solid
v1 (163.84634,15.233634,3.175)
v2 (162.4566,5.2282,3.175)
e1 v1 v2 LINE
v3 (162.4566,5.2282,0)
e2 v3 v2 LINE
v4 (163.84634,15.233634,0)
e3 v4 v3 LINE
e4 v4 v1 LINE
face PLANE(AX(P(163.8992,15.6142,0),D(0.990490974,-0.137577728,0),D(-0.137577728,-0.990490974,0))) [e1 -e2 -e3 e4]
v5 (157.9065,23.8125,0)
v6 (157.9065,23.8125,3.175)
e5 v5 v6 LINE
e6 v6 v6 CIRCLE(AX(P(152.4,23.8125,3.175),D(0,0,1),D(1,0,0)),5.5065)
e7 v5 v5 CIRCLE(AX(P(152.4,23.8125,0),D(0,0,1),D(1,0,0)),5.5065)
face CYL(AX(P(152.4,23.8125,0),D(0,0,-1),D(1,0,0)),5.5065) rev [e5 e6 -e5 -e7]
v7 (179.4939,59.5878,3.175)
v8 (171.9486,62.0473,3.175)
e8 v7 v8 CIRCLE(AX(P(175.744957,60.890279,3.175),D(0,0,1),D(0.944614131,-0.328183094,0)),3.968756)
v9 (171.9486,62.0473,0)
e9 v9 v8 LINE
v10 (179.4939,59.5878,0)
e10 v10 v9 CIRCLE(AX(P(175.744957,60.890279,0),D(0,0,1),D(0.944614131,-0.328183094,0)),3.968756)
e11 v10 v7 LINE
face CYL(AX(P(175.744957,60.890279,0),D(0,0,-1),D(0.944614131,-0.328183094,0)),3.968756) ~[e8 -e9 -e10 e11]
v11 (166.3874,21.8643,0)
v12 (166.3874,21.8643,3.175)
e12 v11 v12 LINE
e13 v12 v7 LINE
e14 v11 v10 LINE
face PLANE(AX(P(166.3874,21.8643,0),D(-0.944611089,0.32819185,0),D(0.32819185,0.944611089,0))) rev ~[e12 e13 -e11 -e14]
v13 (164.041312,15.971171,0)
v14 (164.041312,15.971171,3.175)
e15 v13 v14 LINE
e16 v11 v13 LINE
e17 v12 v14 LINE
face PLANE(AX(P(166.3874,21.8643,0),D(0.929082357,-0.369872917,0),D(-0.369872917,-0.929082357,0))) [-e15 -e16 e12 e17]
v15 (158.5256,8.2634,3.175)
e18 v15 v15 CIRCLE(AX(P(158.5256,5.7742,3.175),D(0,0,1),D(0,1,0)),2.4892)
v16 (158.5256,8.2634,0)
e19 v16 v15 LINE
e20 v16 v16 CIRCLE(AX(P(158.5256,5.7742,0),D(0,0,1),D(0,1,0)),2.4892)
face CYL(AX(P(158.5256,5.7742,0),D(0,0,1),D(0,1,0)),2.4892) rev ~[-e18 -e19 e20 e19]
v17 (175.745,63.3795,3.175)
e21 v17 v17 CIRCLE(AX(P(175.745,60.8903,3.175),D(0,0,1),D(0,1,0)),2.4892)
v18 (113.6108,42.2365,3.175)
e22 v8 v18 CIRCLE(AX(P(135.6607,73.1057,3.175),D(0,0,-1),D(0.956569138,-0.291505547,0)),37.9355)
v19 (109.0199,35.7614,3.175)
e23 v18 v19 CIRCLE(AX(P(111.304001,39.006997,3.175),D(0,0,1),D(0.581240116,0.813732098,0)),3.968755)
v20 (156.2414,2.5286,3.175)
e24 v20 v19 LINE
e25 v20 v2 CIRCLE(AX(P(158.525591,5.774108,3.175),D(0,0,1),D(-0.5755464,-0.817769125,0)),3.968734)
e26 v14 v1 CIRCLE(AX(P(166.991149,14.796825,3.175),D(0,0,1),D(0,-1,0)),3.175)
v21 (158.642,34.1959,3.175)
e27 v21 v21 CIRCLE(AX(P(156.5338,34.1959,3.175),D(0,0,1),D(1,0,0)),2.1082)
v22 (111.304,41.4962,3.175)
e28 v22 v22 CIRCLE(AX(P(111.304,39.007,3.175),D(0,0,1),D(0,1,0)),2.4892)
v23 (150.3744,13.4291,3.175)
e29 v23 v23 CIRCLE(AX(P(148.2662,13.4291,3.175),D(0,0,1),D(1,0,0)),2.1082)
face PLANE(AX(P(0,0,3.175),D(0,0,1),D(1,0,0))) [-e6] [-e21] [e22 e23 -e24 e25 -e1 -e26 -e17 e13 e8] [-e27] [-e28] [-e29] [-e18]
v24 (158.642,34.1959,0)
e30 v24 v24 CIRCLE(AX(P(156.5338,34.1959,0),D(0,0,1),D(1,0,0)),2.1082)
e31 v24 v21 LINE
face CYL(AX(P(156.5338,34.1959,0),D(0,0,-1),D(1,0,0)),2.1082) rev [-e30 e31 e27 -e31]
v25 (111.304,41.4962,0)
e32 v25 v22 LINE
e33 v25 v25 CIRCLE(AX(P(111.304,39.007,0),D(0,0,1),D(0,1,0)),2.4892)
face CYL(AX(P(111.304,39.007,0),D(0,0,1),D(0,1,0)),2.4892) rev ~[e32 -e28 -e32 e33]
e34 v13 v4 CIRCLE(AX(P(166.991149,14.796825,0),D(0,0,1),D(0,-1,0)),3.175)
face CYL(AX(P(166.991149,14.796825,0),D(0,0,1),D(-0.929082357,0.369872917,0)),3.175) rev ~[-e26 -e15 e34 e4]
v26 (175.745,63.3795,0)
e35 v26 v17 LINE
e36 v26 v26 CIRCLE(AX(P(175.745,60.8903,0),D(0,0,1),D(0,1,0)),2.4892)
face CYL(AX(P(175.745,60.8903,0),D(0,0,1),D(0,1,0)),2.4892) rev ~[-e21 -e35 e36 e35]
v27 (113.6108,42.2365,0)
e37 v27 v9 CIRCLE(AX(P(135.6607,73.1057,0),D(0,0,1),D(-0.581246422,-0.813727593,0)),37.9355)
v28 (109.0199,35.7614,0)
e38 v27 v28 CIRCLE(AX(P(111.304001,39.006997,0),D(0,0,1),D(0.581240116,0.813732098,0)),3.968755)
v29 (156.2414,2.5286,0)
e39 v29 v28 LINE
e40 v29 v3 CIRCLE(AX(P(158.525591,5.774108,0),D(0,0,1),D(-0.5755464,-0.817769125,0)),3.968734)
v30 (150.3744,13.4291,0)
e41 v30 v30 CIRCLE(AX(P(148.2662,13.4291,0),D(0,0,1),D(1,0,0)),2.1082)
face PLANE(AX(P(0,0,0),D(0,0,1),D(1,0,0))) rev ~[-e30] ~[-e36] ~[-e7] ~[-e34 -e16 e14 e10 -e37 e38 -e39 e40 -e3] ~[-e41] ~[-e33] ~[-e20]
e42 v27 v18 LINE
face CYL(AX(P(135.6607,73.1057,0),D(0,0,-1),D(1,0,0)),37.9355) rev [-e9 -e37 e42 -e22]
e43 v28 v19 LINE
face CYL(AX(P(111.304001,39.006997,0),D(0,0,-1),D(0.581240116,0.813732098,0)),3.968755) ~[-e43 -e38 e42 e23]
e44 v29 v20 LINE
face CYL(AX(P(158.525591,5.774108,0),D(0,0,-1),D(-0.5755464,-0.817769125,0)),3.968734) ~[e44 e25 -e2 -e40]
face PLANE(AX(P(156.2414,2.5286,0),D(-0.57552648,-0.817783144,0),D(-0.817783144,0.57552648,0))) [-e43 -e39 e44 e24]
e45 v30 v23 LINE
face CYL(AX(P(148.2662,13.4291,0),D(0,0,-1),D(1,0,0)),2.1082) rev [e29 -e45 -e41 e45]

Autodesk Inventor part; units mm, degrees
ref_plane "YZ Plane" through (0, 0, 0) normal (1, 0, 0) x (0, 1, 0)
ref_plane "XZ Plane" through (0, 0, 0) normal (0, 1, 0) x (-1, 0, 0)
ref_plane "XY Plane" through (0, 0, 0) normal (0, 0, 1) x (1, 0, 0)
sketch "Sketch1" plane through (0, 0, 0) normal (0, 0, 1) x (1, 0, 0)
  line L0 (0, 0) -> (304.8, 0) construction
  line L1 (304.8, 0) -> (304.8, 50.8) construction
  line L2 (304.8, 50.8) -> (0, 50.8) construction
  line L3 (0, 50.8) -> (0, 0) construction
  circle A0 centre (152.4, 23.8125) radius 6.35 construction
  circle A1 centre (152.4, 23.8125) radius 34.29 construction
  circle A2 centre (152.4, 23.8125) radius 22.225 construction
  line L4 (152.4, 23.8125) -> (139.52, 61.741) construction
  circle A3 centre (139.52, 61.741) radius 9.525 construction
  circle A4 centre (139.52, 61.741) radius 17.78 construction
  circle A5 centre (91.5619, 85.09) radius 31.75 construction
  circle A6 centre (163.3424, 109.4657) radius 31.75 construction
  line L5 (0, 50.8) -> (0, 53.34) construction
  line L6 (0, 53.34) -> (304.8, 53.34) construction
  line L7 (304.8, 53.34) -> (304.8, 50.8) construction
  circle A7 centre (139.52, 61.741) radius 21.59 construction
  circle A8 centre (152.4, 23.8125) radius 46.99 construction
  circle A9 centre (152.4, 23.8125) radius 50.8 construction
  arc A10 (86.3865, 79.4564) -> (92.4363, 92.6899) centre (91.5619, 85.09) ccw construction
  circle A11 centre (163.3424, 109.4657) radius 7.65 construction
  circle A12 centre (163.3424, 109.4657) radius 9.1 construction
  circle A13 centre (139.52, 61.741) radius 22.9 construction
  line L8 (86.3865, 79.4564) -> (124.0276, 44.8769) construction
  line L9 (170.8782, 108.1486) -> (162.078, 57.7984) construction
  line L10 (92.4363, 92.6899) -> (91.5619, 85.09) construction
  line L11 (91.5619, 85.09) -> (86.3865, 79.4564) construction
  arc A14 (128.9499, 92.8673) -> (131.407, 97.9722) centre (127.6738, 96.6252) ccw
  circle A15 centre (127.6738, 96.6252) radius 7.9375 construction
  line L12 (92.4363, 92.6899) -> (126.7664, 88.7398) construction
  line L13 (133.1953, 90.9229) -> (158.0208, 114.9615) construction
  line L14 (158.0208, 114.9615) -> (163.3424, 109.4657) construction
  line L15 (170.8782, 108.1486) -> (163.3424, 109.4657) construction
  line L16 (139.52, 61.741) -> (127.6738, 96.6252) construction
  line L17 (91.5619, 85.09) -> (163.3424, 109.4657) construction
  line L18 (152.4, 23.8125) -> (91.5619, 85.09) construction
  line L19 (152.4, 23.8125) -> (163.3424, 109.4657) construction
  circle A16 centre (127.6738, 96.6252) radius 9.2075 construction
  circle A17 centre (127.6738, 96.6252) radius 6.1595 construction
  arc A18 (92.4363, 92.6899) -> (86.3865, 79.4564) centre (91.5619, 85.09) ccw construction
  circle A19 centre (163.3424, 109.4657) radius 25.4 construction
  line L20 (104.7627, 113.9656) -> (78.361, 56.2144) construction
  circle A20 centre (91.5619, 85.09) radius 25.4 construction
  line L21 (104.4015, 107.0791) -> (92.7013, 84.5343) construction
  line L22 (81.0012, 61.9895) -> (90.3961, 85.5882) construction
  arc A21 (100.6718, 111.3992) -> (98.9102, 106.9744) centre (99.791, 109.1868) ccw construction
  arc A22 (103.3046, 104.9655) -> (105.4983, 109.1926) centre (104.4015, 107.0791) ccw construction
  arc A23 (103.3046, 104.9655) -> (98.9102, 106.9744) centre (81.0012, 61.9895) ccw construction
  line L23 (99.791, 109.1868) -> (100.6718, 111.3992) construction
  line L24 (104.4015, 107.0791) -> (105.4983, 109.1926) construction
  arc A24 (105.4983, 109.1926) -> (100.6718, 111.3992) centre (81.0012, 61.9895) ccw construction
  arc A25 (88.0213, 75.5164) -> (97.3814, 93.5522) centre (92.7013, 84.5343) ccw construction
  line L25 (90.3961, 85.5882) -> (99.791, 109.1868) construction
  line L26 (92.7013, 84.5343) -> (81.0012, 61.9895) construction
  arc A26 (88.0213, 75.5164) -> (86.6381, 76.1487) centre (81.0012, 61.9895) ccw construction
  arc A27 (97.3814, 93.5522) -> (94.1541, 95.0276) centre (81.0012, 61.9895) ccw construction
  arc A28 (94.1541, 95.0276) -> (86.6381, 76.1487) centre (90.3961, 85.5882) ccw construction
  line L27 (163.3424, 109.4657) -> (140.8985, 121.3583) construction
  line L28 (163.3424, 109.4657) -> (185.7862, 97.5731) construction
  circle A29 centre (139.52, 61.741) radius 26.71 construction
  circle A30 centre (152.4, 23.8125) radius 11.176 construction
  line L29 (152.4, 23.8125) -> (158.5256, 5.7742) construction
  circle A31 centre (152.4, 23.8125) radius 5.5065
  line L30 (156.5338, 34.1959) -> (148.2662, 13.4291) construction
  circle A32 centre (156.5338, 34.1959) radius 2.1082
  circle A33 centre (148.2662, 13.4291) radius 2.1082
  arc A34 (166.3874, 21.8643) -> (163.8992, 15.6142) centre (152.4, 23.8125) ccw
  circle A35 centre (111.304, 39.007) radius 9.525 construction
  circle A36 centre (175.745, 60.8903) radius 9.525 construction
  arc A37 (113.6108, 42.2365) -> (109.0199, 35.7614) centre (111.304, 39.007) ccw
  arc A38 (179.4939, 59.5878) -> (171.9486, 62.0473) centre (175.745, 60.8903) ccw
  arc A39 (157.2494, 9.5322) -> (156.2414, 2.5286) centre (158.5256, 5.7742) ccw
  line L31 (152.4, 23.8125) -> (165.1433, 18.7393) construction
  line L32 (166.3874, 21.8643) -> (163.8992, 15.6142)
  arc A40 (163.8992, 15.6142) -> (166.3874, 21.8643) centre (152.4, 23.8125) ccw construction
  line L33 (163.8992, 15.6142) -> (162.4566, 5.2282)
  line L34 (156.2414, 2.5286) -> (109.0199, 35.7614)
  line L35 (166.3874, 21.8643) -> (179.4939, 59.5878)
  arc A41 (123.8923, 95.4203) -> (128.9499, 92.8673) centre (127.6738, 96.6252) ccw
  arc A42 (131.407, 97.9722) -> (123.8923, 95.4203) centre (127.6738, 96.6252) ccw
  arc A43 (131.202, 98.5513) -> (131.407, 97.9722) centre (178.6686, 115.0239) ccw
  arc A44 (162.4566, 5.2282) -> (157.2494, 9.5322) centre (158.5256, 5.7742) ccw
  arc A45 (156.2414, 2.5286) -> (162.4566, 5.2282) centre (158.5256, 5.7742) ccw
  circle A46 centre (135.6607, 73.1057) radius 37.9355
  point P0 (102.1225, 108.1905)
  point P1 (145.0256, 46.8513)
  dimension "d1" = 50.8
  dimension "d3" = 23.8125
  dimension "d4" = 152.4
  dimension "d7" = 68.58
  dimension "d8" = 44.45
  dimension "d9" = 19.05
  dimension "d10" = 35.56
  dimension "d11" = 40.0558
  dimension "d12" = 63.5
  dimension "d13" = 63.5
  dimension "d15" = 2.54
  dimension "d16" = 304.8
  dimension "d17" = 43.18
  dimension "d18" = 93.98
  dimension "d19" = 101.6
  dimension "d21" = 15.3
  dimension "d22" = 15.3
  dimension "d24" = 18.2
  dimension "d29" = 45.8
  dimension "d30" = 143.991
  dimension "d31" = 7.9375
  dimension "d32" = 15.875
  dimension "d33" = 143.991
  dimension "d35" = 18.415
  dimension "d37" = 12.319
  dimension "d40" = 50.8
  dimension "d42" = 18.004
  dimension "d43" = 18.004
  dimension "d44" = 50.8
  dimension "d75" = 2.86
  dimension "d80" = 4.7625
  dimension "d82" = 4.7625
  dimension "d83" = 50.8
  dimension "d84" = 50.8
  dimension "d97" = 48.4188
  dimension "d99" = 20.32
  dimension "d101" = 25.4
  dimension "d102" = 25.4
  dimension "d103" = 10.16
  dimension "d105" = 18.004
  dimension "d106" = 18.004
  dimension "d107" = 53.42
  dimension "d149" = 22.352
  dimension "d152" = 180
  dimension "d163" = 11.013
  dimension "d190" = 12.7
  dimension "d191" = 4.2164
  dimension "d192" = 4.2164
  dimension "d209" = 28.2448
  dimension "d210" = 19.05
  dimension "d211" = 19.05
  dimension "d212" = 7.9375
  dimension "d214" = 19.05
  dimension "d215" = 7.9375
  dimension "d216" = 13.716
  dimension "d232" = 3.9688
extrude "Extrusion3" add sketch "Sketch1" along normal blind 3.175 contours L32 A34 | A34 A46 A38 L35 | A34 L33 A44 A39 L34 A37 A46 | A45 A39 A44
hole "Hole3" at (81.0012, 61.9895, 0) at (185.7862, 97.5731, 0) at (127.6738, 96.6252, 0) at (111.304, 39.007, 0) at (175.745, 60.8903, 0) at (158.5256, 5.7742, 0) direction (0, 0, 1) diameter 4.9784 end through all clearance for "Socket Head Cap Screw" size "#10" standard "Ansi Unified Screw Threads"
fillet "Fillet3" radius 3.175 2 edges at (166.3874, 21.8643, 1.5875) (163.8992, 15.6142, 1.5875)
equation "\"d8\" = Gear35tPD"
equation "\"d9\" = Gear15tPD"
equation "\"d10\" = Gear28tPD"
equation "\"d11\" = 0.5 * Gear48tPD + 0.5 * Gear15tPD + MeshingClearance"
equation "\"d12\" = CimOD"
equation "\"d13\" = CimOD"
equation "\"d17\" = Gear28tPD + ClearanceDiameter"
equation "\"d18\" = WheelOD"
equation "\"d19\" = WheelClearance"
equation "\"Pulley48tPD\" = 45.8"
equation "\"Pulley19tPD\" = 18.2"
equation "\"Pulley16tPD\" = 15.3"
equation "\"Gear15tPD\" = 19.05"
equation "\"Gear35tPD\" = 44.45"
equation "\"Gear48tPD\" = 60.96"
equation "\"Gear28tPD\" = 35.56"
equation "\"BearingLargeOD\" = 28.575"
equation "\"BearingSmallOD\" = 22.225"
equation "\"MeshingClearance\" = 0.0508"
equation "\"CimOD\" = 63.5"
equation "\"WheelOD\" = 93.98"
equation "\"ClearanceDiameter\" = 7.62"
equation "\"WheelClearance\" = 101.6"
equation "\"TensioningBearingID\" = 6.35"
equation "\"TensioningBearingOD\" = 15.875"
equation "\"SpingClipClearance\" = 8.89"
equation "\"Pi\" = 79.79645"
equation "\"Pulley56tPD\" = 53.5"
equation "\"BearingXLargeOD\" = 34.925"
properties part number "OutlineSketch1" material "Aluminum 6061"
